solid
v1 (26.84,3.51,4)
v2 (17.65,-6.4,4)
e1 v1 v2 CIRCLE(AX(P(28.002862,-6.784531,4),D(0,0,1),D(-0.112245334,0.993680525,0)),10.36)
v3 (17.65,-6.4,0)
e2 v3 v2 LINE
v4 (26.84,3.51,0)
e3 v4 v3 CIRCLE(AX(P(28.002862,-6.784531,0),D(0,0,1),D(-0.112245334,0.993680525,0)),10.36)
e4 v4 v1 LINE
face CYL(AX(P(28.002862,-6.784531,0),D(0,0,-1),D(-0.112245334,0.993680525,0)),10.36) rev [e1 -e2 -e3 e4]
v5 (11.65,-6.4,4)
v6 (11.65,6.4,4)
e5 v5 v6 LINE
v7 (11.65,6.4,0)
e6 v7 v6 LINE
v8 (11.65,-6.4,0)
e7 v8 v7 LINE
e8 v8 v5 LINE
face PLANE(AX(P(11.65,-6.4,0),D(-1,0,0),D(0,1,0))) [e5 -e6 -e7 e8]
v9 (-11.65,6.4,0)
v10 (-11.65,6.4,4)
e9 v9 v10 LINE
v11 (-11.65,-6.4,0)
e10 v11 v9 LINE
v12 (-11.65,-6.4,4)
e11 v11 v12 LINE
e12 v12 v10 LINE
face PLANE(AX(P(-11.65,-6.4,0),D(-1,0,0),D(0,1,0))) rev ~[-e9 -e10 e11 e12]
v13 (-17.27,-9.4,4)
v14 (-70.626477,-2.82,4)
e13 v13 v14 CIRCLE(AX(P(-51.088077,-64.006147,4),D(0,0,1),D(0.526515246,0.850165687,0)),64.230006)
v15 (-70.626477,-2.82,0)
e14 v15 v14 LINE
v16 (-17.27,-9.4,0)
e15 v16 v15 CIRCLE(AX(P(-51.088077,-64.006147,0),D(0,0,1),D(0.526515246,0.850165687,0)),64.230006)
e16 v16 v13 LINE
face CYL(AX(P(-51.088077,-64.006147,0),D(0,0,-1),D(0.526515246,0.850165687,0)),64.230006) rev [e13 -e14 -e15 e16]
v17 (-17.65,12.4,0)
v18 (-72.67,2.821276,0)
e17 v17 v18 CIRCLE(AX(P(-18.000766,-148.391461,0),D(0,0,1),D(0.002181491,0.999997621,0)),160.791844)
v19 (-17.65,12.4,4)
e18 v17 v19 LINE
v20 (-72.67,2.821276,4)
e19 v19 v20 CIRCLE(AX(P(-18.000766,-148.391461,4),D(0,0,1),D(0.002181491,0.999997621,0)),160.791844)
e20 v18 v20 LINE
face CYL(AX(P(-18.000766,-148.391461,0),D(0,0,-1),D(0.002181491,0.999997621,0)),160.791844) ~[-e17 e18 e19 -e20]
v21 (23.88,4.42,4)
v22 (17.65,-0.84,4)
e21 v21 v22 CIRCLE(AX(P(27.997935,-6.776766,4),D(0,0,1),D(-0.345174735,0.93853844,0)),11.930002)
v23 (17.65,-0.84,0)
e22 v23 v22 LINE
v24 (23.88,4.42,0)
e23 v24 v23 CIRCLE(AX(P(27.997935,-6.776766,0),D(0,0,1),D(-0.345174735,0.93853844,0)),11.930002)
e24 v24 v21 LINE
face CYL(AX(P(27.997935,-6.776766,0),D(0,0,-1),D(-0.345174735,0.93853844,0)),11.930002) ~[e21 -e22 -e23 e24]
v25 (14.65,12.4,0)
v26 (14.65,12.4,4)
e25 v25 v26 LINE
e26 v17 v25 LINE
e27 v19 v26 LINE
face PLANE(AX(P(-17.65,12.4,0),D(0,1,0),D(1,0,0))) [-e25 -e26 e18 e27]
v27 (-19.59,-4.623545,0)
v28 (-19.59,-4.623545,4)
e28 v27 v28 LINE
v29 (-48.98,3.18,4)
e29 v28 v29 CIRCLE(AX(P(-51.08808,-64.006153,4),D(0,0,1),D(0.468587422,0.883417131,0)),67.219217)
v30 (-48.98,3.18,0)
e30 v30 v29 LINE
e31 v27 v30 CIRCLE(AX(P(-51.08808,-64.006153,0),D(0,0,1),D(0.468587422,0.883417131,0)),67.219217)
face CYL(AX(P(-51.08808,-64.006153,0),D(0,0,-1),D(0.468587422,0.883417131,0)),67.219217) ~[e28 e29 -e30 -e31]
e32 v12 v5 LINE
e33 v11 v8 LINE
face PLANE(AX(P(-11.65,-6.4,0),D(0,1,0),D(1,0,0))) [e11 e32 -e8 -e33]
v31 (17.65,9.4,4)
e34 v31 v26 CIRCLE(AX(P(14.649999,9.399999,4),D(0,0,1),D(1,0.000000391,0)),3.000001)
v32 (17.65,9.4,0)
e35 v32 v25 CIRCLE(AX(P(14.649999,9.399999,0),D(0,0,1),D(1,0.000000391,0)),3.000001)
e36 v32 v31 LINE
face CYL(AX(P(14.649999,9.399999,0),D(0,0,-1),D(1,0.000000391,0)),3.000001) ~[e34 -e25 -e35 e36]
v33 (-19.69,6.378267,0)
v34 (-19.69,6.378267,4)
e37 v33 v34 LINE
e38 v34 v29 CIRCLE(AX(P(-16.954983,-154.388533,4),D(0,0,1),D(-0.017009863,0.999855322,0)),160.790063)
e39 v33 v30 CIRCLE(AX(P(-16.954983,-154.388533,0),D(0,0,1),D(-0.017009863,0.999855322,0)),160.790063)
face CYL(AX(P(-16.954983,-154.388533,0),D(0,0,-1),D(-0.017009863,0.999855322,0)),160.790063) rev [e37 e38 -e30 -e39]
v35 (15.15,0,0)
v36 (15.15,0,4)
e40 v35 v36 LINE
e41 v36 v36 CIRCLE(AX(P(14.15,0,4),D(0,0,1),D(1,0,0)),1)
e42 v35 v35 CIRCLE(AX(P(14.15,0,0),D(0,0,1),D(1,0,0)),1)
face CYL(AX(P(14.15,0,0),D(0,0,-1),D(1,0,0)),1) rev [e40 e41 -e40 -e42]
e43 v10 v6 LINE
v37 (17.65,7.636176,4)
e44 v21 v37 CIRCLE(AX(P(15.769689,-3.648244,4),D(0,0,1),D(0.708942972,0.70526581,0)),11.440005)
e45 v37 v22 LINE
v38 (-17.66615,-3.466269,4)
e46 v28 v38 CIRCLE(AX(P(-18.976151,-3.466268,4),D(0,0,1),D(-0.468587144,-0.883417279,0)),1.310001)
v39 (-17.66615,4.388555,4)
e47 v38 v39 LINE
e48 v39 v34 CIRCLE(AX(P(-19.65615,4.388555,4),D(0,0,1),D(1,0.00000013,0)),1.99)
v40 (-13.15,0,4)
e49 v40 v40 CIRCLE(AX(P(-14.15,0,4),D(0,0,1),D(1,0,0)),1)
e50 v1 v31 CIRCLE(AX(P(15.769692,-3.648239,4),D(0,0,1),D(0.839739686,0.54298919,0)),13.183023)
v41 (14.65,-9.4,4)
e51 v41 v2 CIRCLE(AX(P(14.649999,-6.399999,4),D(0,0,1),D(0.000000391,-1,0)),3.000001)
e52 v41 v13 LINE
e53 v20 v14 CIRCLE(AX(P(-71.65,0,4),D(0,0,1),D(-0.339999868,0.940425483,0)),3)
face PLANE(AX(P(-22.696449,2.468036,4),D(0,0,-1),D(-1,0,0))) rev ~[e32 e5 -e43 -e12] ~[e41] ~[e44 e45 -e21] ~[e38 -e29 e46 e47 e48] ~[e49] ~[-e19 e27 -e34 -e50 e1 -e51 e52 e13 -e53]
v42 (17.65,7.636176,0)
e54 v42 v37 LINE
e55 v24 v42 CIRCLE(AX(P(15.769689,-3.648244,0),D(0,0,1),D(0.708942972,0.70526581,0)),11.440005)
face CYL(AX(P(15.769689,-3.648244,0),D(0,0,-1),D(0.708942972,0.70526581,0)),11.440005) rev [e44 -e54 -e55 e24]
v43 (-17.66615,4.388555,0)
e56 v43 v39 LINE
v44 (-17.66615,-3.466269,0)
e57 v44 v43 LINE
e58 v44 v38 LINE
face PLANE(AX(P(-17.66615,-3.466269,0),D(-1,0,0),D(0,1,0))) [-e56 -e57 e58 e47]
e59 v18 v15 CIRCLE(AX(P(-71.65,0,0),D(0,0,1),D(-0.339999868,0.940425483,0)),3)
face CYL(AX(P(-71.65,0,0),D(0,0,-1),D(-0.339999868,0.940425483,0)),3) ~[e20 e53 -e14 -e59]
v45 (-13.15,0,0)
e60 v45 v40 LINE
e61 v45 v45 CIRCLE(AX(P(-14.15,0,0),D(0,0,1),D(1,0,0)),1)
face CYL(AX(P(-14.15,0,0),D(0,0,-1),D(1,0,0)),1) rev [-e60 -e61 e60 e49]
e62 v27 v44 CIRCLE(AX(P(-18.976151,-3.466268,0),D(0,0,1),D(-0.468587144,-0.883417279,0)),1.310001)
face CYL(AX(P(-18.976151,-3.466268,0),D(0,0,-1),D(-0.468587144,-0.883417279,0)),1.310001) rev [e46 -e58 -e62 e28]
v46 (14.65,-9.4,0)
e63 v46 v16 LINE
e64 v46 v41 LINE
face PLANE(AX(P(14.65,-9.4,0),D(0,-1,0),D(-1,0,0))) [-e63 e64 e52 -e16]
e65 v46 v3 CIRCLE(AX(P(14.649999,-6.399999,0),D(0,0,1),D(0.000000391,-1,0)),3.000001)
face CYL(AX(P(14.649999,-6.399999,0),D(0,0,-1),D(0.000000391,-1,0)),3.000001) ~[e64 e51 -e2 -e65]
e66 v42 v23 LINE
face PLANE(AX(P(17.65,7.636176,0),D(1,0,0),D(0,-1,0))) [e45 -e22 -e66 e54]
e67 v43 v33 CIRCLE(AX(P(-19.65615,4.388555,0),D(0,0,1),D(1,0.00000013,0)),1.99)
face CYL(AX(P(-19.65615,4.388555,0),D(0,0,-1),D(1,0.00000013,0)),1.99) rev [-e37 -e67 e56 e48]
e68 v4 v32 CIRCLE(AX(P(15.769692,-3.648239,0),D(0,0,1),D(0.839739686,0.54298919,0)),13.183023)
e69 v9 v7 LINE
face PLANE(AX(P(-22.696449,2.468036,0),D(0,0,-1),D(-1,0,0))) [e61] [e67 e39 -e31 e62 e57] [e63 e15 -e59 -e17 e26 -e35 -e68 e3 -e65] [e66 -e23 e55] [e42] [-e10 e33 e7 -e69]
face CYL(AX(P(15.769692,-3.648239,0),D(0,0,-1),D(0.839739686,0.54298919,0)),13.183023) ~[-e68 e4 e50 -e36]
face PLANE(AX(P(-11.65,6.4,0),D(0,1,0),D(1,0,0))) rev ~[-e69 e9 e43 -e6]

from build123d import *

# Parameters (mm, degrees)
SKETCH_R  = 1
SKETCH_W  = 23.3
SKETCH_H  = 12.8
PAD_DEPTH = 4


with BuildPart() as part:
    # Sketch → Pad (new body)
    with BuildSketch(Plane.XY):
        with BuildLine():
            Line((-17.65, 12.4), (14.65, 12.4))
            ThreePointArc((17.65, 9.4), (16.77132, 11.52132), (14.65, 12.4))
            ThreePointArc((26.84, 3.51), (22.883245, 7.450836), (17.65, 9.4))
            ThreePointArc((26.84, 3.51), (20.406481, 0.259943), (17.65, -6.4))
            ThreePointArc((14.65, -9.4), (16.77132, -8.52132), (17.65, -6.4))
            Line((14.65, -9.4), (-17.27, -9.4))
            ThreePointArc((-17.27, -9.4), (-43.226691, -0.259051), (-70.626477, -2.82))
            ThreePointArc((-72.67, 2.821276), (-74.470639, -1.021762), (-70.626477, -2.82))
            ThreePointArc((-17.65, 12.4), (-45.579054, 10.017677), (-72.67, 2.821276))
        make_face()
        with Locations((-14.15, 0)):
            Circle(SKETCH_R, mode=Mode.SUBTRACT)
        with Locations((14.15, 0)):
            Circle(SKETCH_R, mode=Mode.SUBTRACT)
        Rectangle(SKETCH_W, SKETCH_H, mode=Mode.SUBTRACT)
        with BuildLine():
            Line((17.65, 7.636176), (17.65, -0.84))
            ThreePointArc((23.88, 4.42), (20.301686, 2.338754), (17.65, -0.84))
            ThreePointArc((23.88, 4.42), (21.017458, 6.51712), (17.65, 7.636176))
        make_face(mode=Mode.SUBTRACT)
        with BuildLine():
            Line((-17.66615, -3.466269), (-17.66615, 4.388555))
            ThreePointArc((-17.66615, 4.388555), (-18.261027, 5.807615), (-19.69, 6.378267))
            ThreePointArc((-19.69, 6.378267), (-34.408413, 5.451456), (-48.98, 3.18))
            ThreePointArc((-19.59, -4.623545), (-33.83794, 0.961961), (-48.98, 3.18))
            ThreePointArc((-19.59, -4.623545), (-18.300889, -4.58882), (-17.66615, -3.466269))
        make_face(mode=Mode.SUBTRACT)
    extrude(amount=PAD_DEPTH)


solid = part.part
